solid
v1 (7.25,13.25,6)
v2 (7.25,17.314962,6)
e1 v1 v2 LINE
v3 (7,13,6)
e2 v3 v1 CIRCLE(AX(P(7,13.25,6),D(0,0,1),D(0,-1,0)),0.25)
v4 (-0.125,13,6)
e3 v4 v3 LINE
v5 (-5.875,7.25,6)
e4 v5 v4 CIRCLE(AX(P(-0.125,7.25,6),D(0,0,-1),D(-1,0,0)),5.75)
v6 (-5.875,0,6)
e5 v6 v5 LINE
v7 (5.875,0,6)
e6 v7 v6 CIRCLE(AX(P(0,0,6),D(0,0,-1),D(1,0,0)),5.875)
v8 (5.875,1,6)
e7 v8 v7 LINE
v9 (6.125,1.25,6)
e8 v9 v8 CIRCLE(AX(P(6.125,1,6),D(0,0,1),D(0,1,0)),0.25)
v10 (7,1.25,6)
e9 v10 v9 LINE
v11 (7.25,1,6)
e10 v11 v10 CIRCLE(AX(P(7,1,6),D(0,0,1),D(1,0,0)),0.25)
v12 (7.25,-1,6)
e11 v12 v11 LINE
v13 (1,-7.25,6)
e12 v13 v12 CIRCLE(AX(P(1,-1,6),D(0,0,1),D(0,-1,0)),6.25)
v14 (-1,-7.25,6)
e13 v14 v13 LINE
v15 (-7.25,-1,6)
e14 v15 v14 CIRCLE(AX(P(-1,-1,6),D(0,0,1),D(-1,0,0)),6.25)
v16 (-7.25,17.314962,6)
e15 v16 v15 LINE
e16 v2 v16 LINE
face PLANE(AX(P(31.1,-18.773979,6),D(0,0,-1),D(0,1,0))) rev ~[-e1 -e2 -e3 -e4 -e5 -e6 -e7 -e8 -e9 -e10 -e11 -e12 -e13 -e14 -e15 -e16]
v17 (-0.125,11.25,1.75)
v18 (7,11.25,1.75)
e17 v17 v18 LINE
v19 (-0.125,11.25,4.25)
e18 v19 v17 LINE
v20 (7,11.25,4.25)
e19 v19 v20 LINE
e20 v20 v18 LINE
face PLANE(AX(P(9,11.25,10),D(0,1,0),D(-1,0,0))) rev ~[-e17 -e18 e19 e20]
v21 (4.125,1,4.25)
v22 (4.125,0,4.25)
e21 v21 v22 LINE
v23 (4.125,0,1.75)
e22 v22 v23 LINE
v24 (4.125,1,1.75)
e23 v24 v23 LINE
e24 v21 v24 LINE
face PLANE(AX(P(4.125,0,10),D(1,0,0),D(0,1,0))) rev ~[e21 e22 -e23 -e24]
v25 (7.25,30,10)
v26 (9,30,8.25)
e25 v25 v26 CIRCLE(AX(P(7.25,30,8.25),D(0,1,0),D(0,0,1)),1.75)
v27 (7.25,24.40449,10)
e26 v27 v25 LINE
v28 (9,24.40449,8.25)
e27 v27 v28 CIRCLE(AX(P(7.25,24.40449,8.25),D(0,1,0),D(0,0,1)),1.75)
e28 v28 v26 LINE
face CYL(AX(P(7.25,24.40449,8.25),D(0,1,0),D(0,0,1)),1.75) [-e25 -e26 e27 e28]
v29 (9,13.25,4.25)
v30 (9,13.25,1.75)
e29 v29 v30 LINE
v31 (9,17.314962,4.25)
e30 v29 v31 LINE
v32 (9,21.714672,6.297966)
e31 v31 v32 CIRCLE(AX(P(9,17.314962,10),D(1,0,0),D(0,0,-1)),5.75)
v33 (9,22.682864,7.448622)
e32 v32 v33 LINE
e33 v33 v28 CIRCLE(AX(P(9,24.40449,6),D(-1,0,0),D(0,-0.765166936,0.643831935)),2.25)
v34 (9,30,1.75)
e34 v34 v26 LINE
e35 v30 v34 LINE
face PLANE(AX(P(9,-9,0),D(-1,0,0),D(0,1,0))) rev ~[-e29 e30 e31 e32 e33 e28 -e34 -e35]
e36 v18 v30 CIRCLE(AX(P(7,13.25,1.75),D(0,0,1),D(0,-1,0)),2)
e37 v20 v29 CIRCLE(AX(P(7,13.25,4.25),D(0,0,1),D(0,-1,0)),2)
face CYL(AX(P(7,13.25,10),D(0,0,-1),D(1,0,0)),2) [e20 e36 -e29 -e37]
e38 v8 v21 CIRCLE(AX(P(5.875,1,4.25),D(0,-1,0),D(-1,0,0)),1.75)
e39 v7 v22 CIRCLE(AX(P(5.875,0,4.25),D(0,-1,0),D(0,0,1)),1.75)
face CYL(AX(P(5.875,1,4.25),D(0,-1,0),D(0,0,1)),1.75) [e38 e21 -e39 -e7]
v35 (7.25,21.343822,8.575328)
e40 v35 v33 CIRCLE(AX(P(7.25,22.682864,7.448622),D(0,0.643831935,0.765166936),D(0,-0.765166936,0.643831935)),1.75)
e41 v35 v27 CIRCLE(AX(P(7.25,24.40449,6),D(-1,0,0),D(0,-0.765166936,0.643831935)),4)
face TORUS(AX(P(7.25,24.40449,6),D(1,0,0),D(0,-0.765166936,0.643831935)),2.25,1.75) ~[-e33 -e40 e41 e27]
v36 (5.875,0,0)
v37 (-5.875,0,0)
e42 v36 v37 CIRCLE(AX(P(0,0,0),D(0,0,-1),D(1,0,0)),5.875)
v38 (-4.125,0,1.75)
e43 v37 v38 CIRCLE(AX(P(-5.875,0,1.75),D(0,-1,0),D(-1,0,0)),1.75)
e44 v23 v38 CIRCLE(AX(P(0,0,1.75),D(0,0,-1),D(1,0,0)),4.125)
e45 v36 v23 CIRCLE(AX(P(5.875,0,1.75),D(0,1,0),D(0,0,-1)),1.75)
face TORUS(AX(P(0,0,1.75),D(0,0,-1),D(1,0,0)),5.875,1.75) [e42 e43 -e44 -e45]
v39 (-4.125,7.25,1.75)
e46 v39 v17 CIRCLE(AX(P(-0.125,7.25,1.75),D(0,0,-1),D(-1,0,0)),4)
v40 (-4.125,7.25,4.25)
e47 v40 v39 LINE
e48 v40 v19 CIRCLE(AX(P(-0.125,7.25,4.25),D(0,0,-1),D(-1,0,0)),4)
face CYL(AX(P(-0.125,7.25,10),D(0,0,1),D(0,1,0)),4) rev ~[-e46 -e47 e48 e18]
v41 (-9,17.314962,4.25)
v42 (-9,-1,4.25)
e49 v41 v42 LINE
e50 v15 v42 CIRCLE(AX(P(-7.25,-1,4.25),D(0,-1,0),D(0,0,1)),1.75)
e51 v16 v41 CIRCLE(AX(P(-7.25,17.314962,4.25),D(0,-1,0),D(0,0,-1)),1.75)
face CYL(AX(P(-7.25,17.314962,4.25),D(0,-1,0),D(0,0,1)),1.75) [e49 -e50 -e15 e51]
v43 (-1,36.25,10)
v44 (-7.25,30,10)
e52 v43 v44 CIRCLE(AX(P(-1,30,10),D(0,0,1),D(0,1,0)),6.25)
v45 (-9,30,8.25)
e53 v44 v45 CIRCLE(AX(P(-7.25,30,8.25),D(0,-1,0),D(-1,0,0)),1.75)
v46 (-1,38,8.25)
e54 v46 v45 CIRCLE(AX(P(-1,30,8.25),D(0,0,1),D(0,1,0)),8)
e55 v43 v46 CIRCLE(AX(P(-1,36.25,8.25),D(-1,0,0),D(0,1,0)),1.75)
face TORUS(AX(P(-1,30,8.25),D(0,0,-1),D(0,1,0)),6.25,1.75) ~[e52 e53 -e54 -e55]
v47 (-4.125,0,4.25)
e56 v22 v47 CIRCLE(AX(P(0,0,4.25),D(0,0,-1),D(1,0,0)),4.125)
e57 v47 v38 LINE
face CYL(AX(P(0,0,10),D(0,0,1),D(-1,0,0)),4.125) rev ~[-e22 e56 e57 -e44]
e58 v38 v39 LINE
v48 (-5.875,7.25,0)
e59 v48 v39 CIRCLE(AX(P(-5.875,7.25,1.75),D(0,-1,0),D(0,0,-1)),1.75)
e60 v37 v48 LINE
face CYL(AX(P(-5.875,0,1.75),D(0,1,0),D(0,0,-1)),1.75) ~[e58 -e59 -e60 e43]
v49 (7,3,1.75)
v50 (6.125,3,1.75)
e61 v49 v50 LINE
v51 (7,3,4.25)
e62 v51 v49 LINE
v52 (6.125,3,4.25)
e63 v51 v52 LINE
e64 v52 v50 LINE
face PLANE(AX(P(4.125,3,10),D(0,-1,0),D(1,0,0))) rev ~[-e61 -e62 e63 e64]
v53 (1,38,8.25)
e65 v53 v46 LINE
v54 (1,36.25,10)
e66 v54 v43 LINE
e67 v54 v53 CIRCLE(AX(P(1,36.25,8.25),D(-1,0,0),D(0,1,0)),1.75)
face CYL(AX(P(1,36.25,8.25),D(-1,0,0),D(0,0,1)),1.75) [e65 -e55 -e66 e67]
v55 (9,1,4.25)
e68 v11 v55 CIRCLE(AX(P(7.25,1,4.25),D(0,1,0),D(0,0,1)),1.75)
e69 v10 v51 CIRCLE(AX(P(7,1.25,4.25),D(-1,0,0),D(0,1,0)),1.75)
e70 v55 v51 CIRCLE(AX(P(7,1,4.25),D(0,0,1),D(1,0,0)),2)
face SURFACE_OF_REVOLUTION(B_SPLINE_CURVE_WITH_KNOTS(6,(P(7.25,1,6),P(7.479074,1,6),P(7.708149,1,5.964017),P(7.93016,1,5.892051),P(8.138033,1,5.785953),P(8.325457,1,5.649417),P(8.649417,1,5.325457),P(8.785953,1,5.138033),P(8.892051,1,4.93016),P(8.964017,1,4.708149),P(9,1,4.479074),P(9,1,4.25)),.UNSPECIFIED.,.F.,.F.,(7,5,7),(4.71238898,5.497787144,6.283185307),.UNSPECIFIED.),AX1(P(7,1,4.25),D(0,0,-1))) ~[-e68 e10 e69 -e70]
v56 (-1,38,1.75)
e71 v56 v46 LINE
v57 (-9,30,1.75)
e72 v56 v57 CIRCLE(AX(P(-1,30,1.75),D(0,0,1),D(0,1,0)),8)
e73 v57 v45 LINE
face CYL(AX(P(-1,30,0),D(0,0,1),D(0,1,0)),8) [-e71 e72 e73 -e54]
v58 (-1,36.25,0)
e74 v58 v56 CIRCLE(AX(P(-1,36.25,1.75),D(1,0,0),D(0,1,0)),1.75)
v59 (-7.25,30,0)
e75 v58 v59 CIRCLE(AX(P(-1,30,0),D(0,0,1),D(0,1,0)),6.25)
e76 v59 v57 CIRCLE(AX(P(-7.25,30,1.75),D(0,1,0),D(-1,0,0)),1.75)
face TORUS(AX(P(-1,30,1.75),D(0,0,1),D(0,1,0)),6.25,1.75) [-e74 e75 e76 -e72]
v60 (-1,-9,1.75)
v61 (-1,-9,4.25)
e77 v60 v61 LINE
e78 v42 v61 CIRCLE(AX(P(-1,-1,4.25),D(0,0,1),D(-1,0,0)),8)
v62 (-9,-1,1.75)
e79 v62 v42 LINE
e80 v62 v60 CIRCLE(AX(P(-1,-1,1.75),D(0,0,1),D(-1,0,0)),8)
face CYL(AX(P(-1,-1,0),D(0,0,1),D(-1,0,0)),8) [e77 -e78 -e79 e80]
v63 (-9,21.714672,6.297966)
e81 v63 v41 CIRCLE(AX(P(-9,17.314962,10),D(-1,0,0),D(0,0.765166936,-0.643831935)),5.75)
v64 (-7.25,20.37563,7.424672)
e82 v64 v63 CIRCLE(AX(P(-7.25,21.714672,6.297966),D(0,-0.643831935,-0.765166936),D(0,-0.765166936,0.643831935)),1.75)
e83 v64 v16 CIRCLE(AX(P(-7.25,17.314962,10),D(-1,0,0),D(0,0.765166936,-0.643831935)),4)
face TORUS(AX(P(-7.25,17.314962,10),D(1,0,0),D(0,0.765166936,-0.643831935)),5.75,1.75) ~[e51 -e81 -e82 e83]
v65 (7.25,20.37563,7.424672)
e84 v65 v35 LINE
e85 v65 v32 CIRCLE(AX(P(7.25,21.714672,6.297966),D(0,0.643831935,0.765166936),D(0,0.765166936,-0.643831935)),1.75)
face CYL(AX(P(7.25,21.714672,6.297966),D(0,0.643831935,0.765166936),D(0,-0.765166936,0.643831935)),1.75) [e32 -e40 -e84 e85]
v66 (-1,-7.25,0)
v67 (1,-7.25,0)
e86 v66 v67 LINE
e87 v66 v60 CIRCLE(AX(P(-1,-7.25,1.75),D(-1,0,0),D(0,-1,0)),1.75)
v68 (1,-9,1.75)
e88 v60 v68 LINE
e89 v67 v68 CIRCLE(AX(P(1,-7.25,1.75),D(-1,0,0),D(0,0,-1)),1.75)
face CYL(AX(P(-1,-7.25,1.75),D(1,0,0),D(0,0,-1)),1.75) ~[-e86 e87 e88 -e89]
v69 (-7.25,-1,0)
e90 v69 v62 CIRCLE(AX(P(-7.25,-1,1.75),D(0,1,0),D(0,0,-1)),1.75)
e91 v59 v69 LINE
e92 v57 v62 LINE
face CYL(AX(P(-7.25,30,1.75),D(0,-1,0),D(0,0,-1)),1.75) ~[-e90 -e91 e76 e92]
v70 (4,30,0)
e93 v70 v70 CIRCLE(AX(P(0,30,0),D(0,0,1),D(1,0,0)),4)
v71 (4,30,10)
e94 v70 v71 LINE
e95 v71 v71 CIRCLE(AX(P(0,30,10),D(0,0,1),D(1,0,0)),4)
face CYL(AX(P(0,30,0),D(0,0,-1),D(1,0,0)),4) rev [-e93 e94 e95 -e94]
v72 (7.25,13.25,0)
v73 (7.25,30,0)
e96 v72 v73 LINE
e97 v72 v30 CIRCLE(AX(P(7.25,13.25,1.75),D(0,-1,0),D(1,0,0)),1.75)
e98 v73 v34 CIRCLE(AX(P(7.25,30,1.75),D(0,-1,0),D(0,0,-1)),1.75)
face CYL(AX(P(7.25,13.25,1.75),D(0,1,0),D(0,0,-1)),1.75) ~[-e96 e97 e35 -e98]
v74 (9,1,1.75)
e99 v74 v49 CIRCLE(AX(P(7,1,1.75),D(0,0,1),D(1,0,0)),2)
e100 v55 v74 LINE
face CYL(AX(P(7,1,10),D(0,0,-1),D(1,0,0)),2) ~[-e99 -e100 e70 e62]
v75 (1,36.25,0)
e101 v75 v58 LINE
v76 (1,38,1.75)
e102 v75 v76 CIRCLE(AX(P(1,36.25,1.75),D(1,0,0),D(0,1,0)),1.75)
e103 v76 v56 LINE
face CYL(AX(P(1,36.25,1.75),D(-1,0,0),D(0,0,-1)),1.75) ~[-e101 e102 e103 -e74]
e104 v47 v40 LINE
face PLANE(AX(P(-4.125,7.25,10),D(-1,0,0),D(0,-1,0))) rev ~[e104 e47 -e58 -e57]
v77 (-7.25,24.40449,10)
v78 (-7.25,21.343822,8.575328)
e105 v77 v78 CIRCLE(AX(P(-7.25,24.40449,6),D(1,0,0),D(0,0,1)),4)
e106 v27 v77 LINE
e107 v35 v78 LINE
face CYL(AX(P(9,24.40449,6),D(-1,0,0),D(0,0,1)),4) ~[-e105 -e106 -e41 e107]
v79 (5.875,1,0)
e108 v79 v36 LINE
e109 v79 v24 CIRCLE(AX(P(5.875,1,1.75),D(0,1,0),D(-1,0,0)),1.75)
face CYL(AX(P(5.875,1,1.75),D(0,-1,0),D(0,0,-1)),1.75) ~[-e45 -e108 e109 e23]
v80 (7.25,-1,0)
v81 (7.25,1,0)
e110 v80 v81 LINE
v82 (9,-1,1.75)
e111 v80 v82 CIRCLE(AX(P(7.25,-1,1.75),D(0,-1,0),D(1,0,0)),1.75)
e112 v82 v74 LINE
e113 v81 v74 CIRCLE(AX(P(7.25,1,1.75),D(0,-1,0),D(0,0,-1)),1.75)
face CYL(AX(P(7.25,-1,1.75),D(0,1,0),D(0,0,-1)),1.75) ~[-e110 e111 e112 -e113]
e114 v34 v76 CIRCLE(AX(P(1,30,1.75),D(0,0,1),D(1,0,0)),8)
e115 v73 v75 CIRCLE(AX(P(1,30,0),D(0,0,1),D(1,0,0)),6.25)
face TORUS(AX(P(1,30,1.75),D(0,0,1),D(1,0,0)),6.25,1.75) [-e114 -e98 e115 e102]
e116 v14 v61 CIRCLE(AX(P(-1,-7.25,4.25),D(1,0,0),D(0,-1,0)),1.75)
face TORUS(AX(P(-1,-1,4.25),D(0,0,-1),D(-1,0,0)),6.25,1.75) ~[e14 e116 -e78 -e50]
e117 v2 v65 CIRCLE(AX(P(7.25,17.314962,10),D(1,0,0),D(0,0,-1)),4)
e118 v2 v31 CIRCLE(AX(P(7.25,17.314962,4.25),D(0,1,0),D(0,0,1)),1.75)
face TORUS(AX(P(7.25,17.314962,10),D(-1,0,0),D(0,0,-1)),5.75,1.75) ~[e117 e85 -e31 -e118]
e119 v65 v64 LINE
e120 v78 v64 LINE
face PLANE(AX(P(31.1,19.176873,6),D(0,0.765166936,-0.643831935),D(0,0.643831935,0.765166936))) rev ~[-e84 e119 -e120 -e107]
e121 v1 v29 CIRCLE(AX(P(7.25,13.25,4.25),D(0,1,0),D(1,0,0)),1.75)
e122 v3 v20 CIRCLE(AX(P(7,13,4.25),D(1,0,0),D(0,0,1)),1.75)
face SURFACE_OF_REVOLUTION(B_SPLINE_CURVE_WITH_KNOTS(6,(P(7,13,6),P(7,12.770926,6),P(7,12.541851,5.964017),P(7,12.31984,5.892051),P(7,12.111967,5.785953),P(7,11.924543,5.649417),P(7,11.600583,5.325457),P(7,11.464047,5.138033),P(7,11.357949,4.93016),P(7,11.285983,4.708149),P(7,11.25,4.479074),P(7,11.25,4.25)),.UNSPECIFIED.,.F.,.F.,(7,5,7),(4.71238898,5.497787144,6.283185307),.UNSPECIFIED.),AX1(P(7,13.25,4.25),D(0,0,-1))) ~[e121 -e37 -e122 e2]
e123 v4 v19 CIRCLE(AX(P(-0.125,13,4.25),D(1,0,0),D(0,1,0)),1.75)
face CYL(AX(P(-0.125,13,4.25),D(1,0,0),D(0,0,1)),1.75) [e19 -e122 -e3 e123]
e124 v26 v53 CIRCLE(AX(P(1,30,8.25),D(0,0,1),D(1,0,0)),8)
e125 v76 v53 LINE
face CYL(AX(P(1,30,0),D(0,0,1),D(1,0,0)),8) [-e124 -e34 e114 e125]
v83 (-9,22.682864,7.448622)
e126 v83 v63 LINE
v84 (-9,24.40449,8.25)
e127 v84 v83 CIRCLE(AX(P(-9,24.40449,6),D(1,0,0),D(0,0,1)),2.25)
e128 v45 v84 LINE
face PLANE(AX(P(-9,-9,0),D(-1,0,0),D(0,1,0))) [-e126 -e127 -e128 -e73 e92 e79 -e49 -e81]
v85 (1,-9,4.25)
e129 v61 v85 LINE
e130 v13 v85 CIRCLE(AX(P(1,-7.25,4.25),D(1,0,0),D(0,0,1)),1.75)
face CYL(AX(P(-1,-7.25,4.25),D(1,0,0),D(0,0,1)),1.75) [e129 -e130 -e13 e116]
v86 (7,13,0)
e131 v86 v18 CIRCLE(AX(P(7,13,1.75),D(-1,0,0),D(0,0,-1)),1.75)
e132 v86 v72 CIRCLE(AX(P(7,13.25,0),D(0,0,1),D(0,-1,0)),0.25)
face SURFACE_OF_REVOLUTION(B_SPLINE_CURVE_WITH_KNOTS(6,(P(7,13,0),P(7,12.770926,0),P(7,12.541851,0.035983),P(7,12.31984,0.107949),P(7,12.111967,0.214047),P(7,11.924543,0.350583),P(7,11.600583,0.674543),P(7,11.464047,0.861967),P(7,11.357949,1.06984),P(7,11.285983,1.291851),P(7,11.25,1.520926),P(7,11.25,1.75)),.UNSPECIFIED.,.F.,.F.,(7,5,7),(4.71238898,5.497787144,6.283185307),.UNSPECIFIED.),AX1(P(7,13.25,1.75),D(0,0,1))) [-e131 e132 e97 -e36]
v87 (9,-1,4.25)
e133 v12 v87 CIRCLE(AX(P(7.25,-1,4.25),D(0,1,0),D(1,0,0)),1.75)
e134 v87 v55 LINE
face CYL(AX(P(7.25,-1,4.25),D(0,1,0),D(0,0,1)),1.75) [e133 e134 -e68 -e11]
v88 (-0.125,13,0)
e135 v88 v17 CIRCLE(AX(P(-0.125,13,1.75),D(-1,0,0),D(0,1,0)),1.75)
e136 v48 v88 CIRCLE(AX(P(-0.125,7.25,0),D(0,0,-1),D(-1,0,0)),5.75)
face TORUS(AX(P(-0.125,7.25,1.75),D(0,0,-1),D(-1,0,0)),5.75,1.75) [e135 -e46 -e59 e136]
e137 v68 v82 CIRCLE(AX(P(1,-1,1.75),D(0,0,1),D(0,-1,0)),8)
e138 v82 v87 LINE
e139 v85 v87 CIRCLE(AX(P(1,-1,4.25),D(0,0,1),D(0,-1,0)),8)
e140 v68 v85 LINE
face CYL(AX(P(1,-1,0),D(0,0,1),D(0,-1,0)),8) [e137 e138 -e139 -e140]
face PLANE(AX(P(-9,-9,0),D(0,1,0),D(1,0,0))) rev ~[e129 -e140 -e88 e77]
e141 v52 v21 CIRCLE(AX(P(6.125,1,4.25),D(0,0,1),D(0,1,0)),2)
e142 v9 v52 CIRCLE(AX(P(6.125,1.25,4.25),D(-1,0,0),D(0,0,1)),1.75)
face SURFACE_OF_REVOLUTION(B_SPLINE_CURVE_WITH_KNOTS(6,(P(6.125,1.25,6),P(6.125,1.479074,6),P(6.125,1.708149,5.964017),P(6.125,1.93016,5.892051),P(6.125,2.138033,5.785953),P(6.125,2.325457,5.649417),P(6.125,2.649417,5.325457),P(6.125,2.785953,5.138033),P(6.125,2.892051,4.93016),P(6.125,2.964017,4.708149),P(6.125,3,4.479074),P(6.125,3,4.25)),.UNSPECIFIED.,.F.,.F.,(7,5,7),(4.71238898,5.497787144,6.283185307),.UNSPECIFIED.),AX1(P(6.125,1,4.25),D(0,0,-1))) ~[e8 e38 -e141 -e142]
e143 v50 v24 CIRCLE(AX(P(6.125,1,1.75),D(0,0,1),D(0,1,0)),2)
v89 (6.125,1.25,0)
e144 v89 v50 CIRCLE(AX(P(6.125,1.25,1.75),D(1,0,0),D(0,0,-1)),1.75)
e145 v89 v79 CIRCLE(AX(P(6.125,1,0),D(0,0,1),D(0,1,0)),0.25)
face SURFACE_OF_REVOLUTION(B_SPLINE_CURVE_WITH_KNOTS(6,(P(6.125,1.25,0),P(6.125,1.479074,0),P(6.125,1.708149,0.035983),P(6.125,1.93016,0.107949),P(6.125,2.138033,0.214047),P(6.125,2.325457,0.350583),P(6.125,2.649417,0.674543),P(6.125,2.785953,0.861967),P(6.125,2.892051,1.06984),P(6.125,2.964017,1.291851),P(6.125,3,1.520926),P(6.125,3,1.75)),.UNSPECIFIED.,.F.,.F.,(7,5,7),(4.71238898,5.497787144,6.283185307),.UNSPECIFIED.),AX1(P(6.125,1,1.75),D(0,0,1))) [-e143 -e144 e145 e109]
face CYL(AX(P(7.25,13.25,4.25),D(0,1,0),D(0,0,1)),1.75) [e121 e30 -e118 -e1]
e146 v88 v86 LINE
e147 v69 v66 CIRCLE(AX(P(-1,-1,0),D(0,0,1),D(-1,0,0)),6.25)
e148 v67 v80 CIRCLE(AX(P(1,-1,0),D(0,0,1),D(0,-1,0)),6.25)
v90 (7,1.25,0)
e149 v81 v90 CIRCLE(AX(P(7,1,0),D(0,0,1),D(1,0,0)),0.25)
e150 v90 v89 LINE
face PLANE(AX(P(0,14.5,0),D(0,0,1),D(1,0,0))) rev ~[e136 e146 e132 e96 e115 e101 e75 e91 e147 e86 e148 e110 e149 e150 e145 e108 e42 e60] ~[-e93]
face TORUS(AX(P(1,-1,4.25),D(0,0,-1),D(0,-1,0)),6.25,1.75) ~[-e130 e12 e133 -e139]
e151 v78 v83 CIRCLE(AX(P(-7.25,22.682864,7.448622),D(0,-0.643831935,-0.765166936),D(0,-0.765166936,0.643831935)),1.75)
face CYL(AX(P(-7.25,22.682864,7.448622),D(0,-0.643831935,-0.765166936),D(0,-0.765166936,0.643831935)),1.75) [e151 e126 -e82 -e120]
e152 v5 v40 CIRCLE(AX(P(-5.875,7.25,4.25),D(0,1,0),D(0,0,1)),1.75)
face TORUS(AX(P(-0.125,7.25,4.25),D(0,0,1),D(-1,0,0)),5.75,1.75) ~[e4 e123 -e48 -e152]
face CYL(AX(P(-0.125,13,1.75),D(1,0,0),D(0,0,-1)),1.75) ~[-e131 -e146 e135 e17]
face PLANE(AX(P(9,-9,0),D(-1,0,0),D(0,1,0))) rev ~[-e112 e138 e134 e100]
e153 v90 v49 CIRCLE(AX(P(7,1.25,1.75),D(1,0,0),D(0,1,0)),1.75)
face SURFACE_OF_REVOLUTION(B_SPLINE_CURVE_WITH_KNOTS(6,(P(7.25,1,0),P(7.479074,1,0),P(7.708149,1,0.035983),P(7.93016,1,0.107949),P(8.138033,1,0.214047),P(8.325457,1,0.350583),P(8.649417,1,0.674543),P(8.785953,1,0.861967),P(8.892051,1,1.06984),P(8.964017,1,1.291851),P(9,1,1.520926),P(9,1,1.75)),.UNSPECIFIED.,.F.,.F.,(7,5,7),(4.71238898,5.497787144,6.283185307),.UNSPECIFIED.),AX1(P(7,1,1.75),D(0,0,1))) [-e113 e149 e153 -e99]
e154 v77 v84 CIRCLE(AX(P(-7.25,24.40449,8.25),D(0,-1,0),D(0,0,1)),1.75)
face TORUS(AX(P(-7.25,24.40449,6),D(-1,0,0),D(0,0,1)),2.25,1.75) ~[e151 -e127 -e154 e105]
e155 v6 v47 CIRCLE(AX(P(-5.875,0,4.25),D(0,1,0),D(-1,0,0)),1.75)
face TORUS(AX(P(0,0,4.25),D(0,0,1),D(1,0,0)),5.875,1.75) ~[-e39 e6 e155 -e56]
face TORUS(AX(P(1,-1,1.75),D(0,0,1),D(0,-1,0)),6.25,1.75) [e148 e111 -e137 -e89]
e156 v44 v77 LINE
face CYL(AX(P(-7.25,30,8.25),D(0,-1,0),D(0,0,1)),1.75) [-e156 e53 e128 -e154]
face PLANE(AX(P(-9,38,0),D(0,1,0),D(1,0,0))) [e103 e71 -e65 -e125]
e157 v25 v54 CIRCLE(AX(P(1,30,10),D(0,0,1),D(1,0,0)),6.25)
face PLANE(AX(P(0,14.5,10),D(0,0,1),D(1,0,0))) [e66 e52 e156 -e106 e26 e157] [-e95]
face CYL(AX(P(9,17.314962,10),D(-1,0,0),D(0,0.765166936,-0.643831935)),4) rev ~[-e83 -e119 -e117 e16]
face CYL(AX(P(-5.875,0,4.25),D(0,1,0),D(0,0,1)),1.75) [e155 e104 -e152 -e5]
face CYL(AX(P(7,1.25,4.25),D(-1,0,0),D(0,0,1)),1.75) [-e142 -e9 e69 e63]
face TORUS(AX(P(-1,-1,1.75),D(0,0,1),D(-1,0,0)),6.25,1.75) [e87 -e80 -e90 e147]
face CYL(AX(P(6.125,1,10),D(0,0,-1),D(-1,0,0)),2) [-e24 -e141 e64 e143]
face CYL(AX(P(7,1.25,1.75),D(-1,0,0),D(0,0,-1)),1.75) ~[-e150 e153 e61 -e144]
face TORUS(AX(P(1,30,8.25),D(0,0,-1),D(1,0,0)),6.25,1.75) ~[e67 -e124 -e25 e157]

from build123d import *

# Parameters (mm, degrees)
F0_W     = 18
F0_H     = 47
F0_R     = 4
F1_DEPTH = 10
F3_DEPTH = 10
F4_R     = 2
F5_R     = 8
F8_DEPTH = 40.101
F9_R     = 4
F10_R    = 1.75


with BuildPart() as f1:
    # F0 (on Top) → F1 (new body)
    with BuildSketch(Plane.XY):
        with Locations((0, 14.5)):
            Rectangle(F0_W, F0_H)
        with Locations((0, 30)):
            Circle(F0_R, mode=Mode.SUBTRACT)
    extrude(amount=F1_DEPTH)

    # F2 (on face) → F3 (cut, through all)
    with BuildSketch(Plane.XY.offset(10)):
        with BuildLine():
            Line((-4.125, 7.25), (-4.125, 0))
            ThreePointArc((-4.125, 0), (0, -4.125), (4.125, 0))
            Line((4.125, 0), (4.125, 3))
            Line((4.125, 3), (9, 3))
            Line((9, 3), (9, 11.25))
            Line((9, 11.25), (-0.125, 11.25))
            ThreePointArc((-0.125, 11.25), (-2.9534271247, 10.0784271247), (-4.125, 7.25))
        make_face()
    extrude(amount=-F3_DEPTH, mode=Mode.SUBTRACT)

    # F4
    f4_edges = [f1.edges().sort_by_distance(p)[0] for p in [
        (9, 11.25, 5),
        (4.125, 3, 5),
        (9, 3, 5),
    ]]
    fillet(f4_edges, radius=F4_R)

    # F5
    f5_edges = [f1.edges().sort_by_distance(p)[0] for p in [
        (-9, 38, 5),
        (9, 38, 5),
        (9, -9, 5),
        (-9, -9, 5),
    ]]
    fillet(f5_edges, radius=F5_R)

    # F7 (on offset) → F8 (cut, through all)
    with BuildSketch(Plane.YZ.offset(31.1)):
        Polygon((-19.3344665721, 16.6492760181), (-18.773978632, 6), (19.1768726818, 6), (28.1374584883, 16.6492760181), align=None)
    extrude(amount=-F8_DEPTH, mode=Mode.SUBTRACT)

    # F9
    f9_edges = [f1.edges().sort_by_distance(p)[0] for p in [
        (0, 22.54258, 10),
        (0, 19.176873, 6),
    ]]
    fillet(f9_edges, radius=F9_R)

    # F10
    f10_edges = [f1.edges().sort_by_distance(p)[0] for p in [
        (-6.656854, 35.656854, 10),
        (6.656854, 35.656854, 10),
        (-6.656854, 35.656854, 0),
        (6.656854, 35.656854, 0),
    ]]
    fillet(f10_edges, radius=F10_R)


solid = f1.part
